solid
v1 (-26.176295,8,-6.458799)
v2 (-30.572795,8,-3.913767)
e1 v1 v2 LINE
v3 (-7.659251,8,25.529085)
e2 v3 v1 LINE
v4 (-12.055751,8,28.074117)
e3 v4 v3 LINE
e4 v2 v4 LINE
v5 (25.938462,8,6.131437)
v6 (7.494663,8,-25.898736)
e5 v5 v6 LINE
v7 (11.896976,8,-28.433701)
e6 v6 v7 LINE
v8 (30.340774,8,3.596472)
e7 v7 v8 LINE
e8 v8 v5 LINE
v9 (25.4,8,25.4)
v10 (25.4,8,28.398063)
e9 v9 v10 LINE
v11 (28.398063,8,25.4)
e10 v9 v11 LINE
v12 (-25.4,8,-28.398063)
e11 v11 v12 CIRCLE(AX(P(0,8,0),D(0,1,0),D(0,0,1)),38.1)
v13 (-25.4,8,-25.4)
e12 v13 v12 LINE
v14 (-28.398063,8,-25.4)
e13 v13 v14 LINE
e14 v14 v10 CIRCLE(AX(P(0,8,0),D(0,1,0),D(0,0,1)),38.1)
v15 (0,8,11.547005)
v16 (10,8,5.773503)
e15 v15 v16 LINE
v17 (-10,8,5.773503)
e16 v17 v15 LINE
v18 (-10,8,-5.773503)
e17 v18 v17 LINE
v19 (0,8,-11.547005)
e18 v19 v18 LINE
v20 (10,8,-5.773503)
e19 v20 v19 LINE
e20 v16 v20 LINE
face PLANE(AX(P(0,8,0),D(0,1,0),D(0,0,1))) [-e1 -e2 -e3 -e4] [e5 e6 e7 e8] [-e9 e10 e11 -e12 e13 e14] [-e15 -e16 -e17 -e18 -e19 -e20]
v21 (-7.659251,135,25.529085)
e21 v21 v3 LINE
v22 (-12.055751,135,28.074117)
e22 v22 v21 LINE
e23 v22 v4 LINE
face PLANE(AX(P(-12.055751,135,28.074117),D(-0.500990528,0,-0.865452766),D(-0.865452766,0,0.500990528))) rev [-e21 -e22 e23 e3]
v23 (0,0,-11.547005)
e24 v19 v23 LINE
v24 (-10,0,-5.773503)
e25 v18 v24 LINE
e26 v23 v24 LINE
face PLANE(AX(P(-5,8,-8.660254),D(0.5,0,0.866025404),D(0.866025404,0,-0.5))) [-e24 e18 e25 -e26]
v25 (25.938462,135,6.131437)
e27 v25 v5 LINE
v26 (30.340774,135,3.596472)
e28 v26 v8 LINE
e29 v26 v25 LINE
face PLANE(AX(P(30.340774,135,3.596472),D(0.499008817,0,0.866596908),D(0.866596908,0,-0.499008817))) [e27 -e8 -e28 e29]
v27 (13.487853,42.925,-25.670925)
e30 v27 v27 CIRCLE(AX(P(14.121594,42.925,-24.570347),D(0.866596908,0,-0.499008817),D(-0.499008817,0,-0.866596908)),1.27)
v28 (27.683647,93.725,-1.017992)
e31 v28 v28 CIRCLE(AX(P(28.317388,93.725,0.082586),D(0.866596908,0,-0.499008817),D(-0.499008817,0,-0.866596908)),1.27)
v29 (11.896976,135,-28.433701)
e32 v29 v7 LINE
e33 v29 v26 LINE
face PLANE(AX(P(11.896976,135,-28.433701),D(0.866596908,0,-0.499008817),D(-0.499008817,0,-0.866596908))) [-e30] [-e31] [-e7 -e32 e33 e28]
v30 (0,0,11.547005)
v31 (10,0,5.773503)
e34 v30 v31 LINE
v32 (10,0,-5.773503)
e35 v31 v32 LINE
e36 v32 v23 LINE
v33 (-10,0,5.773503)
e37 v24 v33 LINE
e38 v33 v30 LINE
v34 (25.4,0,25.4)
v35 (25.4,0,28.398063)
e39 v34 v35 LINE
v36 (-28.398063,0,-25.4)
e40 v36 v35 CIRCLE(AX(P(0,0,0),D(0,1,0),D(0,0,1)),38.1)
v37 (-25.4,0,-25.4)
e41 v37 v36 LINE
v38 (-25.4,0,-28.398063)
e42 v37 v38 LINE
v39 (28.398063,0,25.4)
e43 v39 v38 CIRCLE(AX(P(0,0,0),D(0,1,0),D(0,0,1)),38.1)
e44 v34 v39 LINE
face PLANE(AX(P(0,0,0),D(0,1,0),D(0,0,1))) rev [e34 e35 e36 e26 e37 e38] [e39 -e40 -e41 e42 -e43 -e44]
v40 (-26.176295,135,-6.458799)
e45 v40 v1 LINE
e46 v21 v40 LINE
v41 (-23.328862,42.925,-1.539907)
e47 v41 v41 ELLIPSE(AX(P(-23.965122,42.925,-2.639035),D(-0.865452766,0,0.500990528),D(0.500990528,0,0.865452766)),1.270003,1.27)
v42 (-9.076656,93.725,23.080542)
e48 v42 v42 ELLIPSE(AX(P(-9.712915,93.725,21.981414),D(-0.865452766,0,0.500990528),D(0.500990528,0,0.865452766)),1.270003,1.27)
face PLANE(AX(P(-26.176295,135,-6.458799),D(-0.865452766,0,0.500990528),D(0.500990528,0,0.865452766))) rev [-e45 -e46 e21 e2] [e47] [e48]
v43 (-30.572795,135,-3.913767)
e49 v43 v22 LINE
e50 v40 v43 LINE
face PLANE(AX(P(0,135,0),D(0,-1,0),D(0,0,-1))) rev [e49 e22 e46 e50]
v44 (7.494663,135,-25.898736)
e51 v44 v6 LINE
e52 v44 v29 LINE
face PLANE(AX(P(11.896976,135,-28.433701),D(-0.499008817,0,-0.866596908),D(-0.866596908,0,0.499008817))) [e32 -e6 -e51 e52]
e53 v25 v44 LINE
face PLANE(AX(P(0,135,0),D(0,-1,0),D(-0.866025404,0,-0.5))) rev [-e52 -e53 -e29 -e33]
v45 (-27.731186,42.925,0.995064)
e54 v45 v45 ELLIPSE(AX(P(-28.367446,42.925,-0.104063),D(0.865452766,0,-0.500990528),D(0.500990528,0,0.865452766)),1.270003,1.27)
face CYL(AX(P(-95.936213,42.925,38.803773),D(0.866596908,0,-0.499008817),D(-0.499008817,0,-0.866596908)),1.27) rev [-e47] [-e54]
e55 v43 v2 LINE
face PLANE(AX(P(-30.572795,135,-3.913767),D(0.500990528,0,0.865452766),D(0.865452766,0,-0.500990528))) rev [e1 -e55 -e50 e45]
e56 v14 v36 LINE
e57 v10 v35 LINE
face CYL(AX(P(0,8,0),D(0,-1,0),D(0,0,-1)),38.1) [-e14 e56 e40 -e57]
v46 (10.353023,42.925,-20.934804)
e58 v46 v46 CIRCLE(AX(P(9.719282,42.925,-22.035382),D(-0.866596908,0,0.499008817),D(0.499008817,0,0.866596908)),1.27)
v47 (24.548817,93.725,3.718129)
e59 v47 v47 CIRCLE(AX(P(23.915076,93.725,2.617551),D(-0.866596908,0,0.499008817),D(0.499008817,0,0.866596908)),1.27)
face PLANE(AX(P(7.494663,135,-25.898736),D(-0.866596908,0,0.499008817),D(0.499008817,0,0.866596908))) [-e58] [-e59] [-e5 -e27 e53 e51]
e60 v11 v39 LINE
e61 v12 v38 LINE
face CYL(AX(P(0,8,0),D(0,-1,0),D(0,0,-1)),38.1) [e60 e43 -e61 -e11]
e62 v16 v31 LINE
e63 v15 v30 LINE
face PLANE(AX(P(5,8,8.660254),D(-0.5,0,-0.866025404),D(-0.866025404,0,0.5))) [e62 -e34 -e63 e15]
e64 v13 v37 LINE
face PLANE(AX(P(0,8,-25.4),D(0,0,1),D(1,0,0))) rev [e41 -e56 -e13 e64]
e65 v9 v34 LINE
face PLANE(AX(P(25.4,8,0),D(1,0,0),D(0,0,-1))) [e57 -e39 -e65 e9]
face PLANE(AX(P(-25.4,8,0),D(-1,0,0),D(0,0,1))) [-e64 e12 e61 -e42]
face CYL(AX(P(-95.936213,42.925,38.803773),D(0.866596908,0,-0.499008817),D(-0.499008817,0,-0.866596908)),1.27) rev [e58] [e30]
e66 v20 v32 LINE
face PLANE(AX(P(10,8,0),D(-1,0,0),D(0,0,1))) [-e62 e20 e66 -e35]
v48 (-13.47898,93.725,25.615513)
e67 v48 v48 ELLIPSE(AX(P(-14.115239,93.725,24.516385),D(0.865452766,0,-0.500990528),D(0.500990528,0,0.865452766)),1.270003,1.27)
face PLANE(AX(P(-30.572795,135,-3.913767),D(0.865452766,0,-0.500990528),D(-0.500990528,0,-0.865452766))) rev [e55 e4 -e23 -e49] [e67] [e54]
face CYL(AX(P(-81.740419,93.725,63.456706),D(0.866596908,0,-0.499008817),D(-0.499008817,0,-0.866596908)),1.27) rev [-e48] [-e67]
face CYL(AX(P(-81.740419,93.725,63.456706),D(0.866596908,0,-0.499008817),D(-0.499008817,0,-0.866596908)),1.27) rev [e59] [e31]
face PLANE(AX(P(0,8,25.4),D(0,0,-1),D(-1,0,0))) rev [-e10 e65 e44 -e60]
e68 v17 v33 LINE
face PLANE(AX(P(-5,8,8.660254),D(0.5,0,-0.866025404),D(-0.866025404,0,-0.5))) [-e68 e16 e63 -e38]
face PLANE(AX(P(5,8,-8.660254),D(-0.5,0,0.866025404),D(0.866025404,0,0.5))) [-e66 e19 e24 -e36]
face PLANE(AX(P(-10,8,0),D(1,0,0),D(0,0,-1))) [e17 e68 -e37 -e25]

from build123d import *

# Parameters (mm, degrees)
BOSS_EXTRUDE1_DEPTH = 8
BOSS_EXTRUDE3_DEPTH = 127
SKETCH8_R           = 1.27
CUT_EXTRUDE1_DEPTH  = 127


with BuildPart() as part:
    # Sketch2 → Boss-Extrude1 (new body)
    with BuildSketch(Plane(origin=(0, 0, 0), x_dir=(1, 0, 0), z_dir=(0, 1, 0))):
        with BuildLine():
            ThreePointArc((-28.398063314, 25.4), (-26.940768363, -26.940768363), (25.4, -28.398063314))
            Line((25.4, -28.398063314), (25.4, -25.4))
            Line((25.4, -25.4), (28.398063314, -25.4))
            ThreePointArc((28.398063314, -25.4), (26.940768363, 26.940768363), (-25.4, 28.398063314))
            Line((-25.4, 28.398063314), (-25.4, 25.4))
            Line((-25.4, 25.4), (-28.398063314, 25.4))
        make_face()
        Polygon((10, 5.773502692), (10, -5.773502692), (0, -11.547005384), (-10, -5.773502692), (-10, 5.773502692), (0, 11.547005384), align=None, mode=Mode.SUBTRACT)
    extrude(amount=BOSS_EXTRUDE1_DEPTH)

    # Sketch7 → Boss-Extrude3 (add)
    with BuildSketch(Plane(origin=(0, 8, 0), x_dir=(1, 0, 0), z_dir=(0, 1, 0))):
        Polygon((-30.57279496, 3.913767238), (-12.055750961, -28.074116851), (-7.659250908, -25.529084967), (-26.176294907, 6.458799122), align=None)
    boss_extrude3 = extrude(amount=BOSS_EXTRUDE3_DEPTH)

    # Mirror1: Boss-Extrude3 across plane
    add(boss_extrude3.mirror(Plane(origin=(-21.745710428, -1.979026449, -37.664675308), x_dir=(0.4999999999999996, 0, 0.8660254037844389), z_dir=(0.8660254037844389, 0, -0.4999999999999996))))

    # Sketch8 → Cut-Extrude1 (cut)
    with BuildSketch(Plane(origin=(21.230367371, 0, -12.224992283), x_dir=(-0.49900881712180367, 0, -0.8665969076997092), z_dir=(0.8665969076997092, 0, -0.49900881712180367))):
        with Locations((-14.202194794, 93.725)):
            Circle(SKETCH8_R)
        with Locations((14.245786586, 42.925)):
            Circle(SKETCH8_R)
    extrude(amount=-CUT_EXTRUDE1_DEPTH, mode=Mode.SUBTRACT)


solid = part.part
